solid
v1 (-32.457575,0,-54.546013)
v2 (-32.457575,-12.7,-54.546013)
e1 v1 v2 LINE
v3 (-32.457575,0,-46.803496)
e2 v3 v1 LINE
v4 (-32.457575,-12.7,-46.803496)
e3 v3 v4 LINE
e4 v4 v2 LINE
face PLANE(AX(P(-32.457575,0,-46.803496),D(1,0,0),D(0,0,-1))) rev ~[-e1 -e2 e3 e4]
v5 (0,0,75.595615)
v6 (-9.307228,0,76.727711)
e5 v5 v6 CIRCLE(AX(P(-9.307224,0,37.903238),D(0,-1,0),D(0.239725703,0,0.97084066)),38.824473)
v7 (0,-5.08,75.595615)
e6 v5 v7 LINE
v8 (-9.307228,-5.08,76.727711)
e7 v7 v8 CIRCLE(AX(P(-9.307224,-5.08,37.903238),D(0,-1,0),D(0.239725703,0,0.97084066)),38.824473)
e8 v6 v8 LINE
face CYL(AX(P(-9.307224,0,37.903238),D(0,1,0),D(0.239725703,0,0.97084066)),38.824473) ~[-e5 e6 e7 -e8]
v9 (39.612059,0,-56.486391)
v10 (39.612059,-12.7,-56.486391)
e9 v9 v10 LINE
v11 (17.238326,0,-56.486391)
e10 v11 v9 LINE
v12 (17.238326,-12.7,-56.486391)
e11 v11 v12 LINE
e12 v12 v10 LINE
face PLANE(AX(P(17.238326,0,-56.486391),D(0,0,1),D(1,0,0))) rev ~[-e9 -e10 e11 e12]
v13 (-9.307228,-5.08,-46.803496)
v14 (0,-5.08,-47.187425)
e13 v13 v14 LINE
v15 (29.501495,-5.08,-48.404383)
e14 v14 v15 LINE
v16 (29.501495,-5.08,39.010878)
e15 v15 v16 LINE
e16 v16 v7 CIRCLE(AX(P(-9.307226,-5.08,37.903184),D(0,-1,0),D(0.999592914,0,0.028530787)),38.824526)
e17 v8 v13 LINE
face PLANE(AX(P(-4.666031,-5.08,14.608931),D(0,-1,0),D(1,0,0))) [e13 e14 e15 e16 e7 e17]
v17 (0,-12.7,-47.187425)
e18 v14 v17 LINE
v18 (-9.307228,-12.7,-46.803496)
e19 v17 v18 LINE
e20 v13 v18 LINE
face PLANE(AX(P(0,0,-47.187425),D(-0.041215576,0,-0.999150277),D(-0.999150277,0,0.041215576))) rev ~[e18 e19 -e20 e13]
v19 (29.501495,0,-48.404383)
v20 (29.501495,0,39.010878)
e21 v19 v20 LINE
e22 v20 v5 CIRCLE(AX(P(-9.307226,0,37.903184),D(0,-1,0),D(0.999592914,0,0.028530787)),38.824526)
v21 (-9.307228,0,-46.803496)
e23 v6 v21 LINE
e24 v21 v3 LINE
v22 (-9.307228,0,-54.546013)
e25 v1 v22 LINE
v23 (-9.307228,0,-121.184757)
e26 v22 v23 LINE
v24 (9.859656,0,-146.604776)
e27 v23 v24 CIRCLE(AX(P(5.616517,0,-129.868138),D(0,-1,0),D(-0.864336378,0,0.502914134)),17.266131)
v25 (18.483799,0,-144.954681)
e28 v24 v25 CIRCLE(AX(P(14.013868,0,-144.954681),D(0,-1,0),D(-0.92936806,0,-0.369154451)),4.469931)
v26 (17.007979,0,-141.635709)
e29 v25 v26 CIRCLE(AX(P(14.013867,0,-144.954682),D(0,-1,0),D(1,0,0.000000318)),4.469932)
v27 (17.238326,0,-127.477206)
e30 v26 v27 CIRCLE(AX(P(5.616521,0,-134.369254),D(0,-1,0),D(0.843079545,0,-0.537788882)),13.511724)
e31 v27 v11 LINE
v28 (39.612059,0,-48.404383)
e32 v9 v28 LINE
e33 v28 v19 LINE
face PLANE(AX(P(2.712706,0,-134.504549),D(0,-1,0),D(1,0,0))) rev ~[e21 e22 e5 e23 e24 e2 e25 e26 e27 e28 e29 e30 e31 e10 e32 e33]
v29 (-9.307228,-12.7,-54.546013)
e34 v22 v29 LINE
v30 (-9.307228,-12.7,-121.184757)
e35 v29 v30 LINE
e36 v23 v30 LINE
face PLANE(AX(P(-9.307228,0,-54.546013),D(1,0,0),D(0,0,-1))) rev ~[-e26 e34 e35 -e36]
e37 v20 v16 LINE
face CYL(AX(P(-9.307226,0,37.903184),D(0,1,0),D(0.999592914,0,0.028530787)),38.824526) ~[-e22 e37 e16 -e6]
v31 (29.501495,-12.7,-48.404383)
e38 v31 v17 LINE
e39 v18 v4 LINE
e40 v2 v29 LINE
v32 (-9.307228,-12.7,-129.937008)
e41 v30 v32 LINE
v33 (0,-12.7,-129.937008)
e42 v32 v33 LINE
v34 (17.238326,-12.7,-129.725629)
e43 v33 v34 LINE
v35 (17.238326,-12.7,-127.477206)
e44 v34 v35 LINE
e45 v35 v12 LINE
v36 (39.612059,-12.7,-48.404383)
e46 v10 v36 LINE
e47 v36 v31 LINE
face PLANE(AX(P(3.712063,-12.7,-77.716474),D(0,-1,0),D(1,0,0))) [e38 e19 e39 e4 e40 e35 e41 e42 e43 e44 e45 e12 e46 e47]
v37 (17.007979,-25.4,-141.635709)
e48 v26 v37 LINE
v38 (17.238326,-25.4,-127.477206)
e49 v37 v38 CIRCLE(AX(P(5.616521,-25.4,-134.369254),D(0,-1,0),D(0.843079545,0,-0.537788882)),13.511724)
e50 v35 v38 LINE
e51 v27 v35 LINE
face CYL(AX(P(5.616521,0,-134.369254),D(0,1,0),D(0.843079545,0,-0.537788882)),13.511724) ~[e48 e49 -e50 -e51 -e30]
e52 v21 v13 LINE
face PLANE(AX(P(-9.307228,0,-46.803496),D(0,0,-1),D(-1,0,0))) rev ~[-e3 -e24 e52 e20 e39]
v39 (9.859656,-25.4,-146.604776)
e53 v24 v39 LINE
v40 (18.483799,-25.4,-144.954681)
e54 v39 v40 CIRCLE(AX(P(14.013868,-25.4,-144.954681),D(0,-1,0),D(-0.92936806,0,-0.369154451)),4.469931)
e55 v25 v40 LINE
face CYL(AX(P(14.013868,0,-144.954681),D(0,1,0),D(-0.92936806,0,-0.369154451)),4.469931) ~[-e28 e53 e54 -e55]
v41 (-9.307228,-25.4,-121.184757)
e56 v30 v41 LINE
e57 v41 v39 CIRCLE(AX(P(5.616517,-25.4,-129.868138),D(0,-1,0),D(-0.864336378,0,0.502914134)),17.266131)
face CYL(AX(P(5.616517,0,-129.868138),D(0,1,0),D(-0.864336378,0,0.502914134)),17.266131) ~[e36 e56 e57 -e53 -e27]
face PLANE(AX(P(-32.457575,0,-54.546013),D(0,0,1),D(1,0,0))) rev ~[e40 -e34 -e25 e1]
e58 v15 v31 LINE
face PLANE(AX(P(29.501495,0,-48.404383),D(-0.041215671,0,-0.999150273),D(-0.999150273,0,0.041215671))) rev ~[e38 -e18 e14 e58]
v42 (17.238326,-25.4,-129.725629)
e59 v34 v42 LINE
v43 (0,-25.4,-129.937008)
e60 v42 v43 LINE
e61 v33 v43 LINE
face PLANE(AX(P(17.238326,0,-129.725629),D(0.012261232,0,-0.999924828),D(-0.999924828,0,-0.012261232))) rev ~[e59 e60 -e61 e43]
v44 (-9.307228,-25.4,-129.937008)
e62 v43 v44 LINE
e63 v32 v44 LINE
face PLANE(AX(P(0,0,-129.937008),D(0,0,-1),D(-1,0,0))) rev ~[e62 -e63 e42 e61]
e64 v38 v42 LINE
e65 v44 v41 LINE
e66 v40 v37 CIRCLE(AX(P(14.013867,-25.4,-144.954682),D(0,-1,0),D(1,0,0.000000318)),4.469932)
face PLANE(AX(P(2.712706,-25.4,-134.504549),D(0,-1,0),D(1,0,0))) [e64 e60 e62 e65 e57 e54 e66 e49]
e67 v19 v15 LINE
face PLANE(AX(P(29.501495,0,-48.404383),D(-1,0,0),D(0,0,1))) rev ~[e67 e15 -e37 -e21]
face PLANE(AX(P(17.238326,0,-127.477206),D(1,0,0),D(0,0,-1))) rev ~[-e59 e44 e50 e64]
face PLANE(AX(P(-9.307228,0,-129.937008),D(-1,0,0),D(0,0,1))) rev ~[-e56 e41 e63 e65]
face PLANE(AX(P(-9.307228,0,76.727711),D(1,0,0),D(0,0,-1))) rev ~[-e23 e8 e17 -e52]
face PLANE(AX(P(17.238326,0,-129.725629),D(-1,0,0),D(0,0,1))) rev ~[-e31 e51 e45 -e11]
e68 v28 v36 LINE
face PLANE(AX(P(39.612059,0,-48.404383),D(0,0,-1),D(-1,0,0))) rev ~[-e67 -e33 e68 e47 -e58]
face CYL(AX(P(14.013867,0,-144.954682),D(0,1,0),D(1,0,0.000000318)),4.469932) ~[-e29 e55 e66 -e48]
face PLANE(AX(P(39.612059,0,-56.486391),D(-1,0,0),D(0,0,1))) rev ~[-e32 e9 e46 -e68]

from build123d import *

# Parameters (mm, degrees)
F1_DEPTH = 5.08
F2_DEPTH = 12.7
F3_DEPTH = 25.4


with BuildPart() as f1:
    # F0 (on Front) → F1 (new body)
    with BuildSketch(Plane.XZ):
        with BuildLine():
            Line((0, -47.187425), (0, 75.595615))
            ThreePointArc((0, 75.595615), (-4.619314, 76.443648), (-9.307228, 76.727711))
            Line((-9.307228, 76.727711), (-9.307228, 37.903182))
            Line((-9.307228, 37.903182), (-9.307228, -46.803496))
            Line((-9.307228, -46.803496), (0, -47.187425))
        make_face()
        with BuildLine():
            ThreePointArc((29.501495, 39.010878), (20.91523, 62.274211), (0, 75.595615))
            Line((0, 75.595615), (0, -47.187425))
            Line((0, -47.187425), (29.501495, -48.404383))
            Line((29.501495, -48.404383), (29.501495, -27.950756))
            Line((29.501495, -27.950756), (29.501495, 0))
            Line((29.501495, 0), (29.501495, 39.010878))
        make_face()
    extrude(amount=F1_DEPTH)

    # F0 (on Front) → F2 (join)
    with BuildSketch(Plane.XZ):
        Polygon((29.501495, -48.404383), (0, -47.187425), (-9.307228, -46.803496), (-32.457575, -46.803496), (-32.457575, -54.546013), (-9.307228, -54.546013), (-9.307228, -121.184757), (-9.307228, -129.937008), (0, -129.937008), (17.238326, -129.725629), (17.238326, -127.477206), (17.238326, -79.020567), (17.238326, -56.486391), (29.501495, -56.486391), (39.612059, -56.486391), (39.612059, -48.404383), align=None)
    extrude(amount=F2_DEPTH)

    # F0 (on Front) → F3 (join)
    with BuildSketch(Plane.XZ):
        with BuildLine():
            Line((-9.307228, -129.937008), (-9.307228, -121.184757))
            ThreePointArc((-9.307228, -121.184757), (-8.169823, -140.263142), (9.859656, -146.604776))
            ThreePointArc((9.859656, -146.604776), (11.990386, -145.914729), (14.013868, -144.954681))
            ThreePointArc((14.013868, -144.954681), (15.649123, -143.419867), (17.007979, -141.635709))
            ThreePointArc((17.007979, -141.635709), (19.126457, -134.58905), (17.238326, -127.477206))
            Line((17.238326, -127.477206), (17.238326, -129.725629))
            Line((17.238326, -129.725629), (0, -129.937008))
            Line((0, -129.937008), (-9.307228, -129.937008))
        make_face()
        with BuildLine():
            ThreePointArc((14.013868, -144.954681), (11.990386, -145.914729), (9.859656, -146.604776))
            ThreePointArc((9.859656, -146.604776), (14.853881, -149.344973), (18.483799, -144.954681))
            ThreePointArc((18.483799, -144.954681), (18.098213, -143.13853), (17.007979, -141.635709))
            ThreePointArc((17.007979, -141.635709), (15.649123, -143.419867), (14.013868, -144.954681))
        make_face()
    extrude(amount=F3_DEPTH)


solid = f1.part
